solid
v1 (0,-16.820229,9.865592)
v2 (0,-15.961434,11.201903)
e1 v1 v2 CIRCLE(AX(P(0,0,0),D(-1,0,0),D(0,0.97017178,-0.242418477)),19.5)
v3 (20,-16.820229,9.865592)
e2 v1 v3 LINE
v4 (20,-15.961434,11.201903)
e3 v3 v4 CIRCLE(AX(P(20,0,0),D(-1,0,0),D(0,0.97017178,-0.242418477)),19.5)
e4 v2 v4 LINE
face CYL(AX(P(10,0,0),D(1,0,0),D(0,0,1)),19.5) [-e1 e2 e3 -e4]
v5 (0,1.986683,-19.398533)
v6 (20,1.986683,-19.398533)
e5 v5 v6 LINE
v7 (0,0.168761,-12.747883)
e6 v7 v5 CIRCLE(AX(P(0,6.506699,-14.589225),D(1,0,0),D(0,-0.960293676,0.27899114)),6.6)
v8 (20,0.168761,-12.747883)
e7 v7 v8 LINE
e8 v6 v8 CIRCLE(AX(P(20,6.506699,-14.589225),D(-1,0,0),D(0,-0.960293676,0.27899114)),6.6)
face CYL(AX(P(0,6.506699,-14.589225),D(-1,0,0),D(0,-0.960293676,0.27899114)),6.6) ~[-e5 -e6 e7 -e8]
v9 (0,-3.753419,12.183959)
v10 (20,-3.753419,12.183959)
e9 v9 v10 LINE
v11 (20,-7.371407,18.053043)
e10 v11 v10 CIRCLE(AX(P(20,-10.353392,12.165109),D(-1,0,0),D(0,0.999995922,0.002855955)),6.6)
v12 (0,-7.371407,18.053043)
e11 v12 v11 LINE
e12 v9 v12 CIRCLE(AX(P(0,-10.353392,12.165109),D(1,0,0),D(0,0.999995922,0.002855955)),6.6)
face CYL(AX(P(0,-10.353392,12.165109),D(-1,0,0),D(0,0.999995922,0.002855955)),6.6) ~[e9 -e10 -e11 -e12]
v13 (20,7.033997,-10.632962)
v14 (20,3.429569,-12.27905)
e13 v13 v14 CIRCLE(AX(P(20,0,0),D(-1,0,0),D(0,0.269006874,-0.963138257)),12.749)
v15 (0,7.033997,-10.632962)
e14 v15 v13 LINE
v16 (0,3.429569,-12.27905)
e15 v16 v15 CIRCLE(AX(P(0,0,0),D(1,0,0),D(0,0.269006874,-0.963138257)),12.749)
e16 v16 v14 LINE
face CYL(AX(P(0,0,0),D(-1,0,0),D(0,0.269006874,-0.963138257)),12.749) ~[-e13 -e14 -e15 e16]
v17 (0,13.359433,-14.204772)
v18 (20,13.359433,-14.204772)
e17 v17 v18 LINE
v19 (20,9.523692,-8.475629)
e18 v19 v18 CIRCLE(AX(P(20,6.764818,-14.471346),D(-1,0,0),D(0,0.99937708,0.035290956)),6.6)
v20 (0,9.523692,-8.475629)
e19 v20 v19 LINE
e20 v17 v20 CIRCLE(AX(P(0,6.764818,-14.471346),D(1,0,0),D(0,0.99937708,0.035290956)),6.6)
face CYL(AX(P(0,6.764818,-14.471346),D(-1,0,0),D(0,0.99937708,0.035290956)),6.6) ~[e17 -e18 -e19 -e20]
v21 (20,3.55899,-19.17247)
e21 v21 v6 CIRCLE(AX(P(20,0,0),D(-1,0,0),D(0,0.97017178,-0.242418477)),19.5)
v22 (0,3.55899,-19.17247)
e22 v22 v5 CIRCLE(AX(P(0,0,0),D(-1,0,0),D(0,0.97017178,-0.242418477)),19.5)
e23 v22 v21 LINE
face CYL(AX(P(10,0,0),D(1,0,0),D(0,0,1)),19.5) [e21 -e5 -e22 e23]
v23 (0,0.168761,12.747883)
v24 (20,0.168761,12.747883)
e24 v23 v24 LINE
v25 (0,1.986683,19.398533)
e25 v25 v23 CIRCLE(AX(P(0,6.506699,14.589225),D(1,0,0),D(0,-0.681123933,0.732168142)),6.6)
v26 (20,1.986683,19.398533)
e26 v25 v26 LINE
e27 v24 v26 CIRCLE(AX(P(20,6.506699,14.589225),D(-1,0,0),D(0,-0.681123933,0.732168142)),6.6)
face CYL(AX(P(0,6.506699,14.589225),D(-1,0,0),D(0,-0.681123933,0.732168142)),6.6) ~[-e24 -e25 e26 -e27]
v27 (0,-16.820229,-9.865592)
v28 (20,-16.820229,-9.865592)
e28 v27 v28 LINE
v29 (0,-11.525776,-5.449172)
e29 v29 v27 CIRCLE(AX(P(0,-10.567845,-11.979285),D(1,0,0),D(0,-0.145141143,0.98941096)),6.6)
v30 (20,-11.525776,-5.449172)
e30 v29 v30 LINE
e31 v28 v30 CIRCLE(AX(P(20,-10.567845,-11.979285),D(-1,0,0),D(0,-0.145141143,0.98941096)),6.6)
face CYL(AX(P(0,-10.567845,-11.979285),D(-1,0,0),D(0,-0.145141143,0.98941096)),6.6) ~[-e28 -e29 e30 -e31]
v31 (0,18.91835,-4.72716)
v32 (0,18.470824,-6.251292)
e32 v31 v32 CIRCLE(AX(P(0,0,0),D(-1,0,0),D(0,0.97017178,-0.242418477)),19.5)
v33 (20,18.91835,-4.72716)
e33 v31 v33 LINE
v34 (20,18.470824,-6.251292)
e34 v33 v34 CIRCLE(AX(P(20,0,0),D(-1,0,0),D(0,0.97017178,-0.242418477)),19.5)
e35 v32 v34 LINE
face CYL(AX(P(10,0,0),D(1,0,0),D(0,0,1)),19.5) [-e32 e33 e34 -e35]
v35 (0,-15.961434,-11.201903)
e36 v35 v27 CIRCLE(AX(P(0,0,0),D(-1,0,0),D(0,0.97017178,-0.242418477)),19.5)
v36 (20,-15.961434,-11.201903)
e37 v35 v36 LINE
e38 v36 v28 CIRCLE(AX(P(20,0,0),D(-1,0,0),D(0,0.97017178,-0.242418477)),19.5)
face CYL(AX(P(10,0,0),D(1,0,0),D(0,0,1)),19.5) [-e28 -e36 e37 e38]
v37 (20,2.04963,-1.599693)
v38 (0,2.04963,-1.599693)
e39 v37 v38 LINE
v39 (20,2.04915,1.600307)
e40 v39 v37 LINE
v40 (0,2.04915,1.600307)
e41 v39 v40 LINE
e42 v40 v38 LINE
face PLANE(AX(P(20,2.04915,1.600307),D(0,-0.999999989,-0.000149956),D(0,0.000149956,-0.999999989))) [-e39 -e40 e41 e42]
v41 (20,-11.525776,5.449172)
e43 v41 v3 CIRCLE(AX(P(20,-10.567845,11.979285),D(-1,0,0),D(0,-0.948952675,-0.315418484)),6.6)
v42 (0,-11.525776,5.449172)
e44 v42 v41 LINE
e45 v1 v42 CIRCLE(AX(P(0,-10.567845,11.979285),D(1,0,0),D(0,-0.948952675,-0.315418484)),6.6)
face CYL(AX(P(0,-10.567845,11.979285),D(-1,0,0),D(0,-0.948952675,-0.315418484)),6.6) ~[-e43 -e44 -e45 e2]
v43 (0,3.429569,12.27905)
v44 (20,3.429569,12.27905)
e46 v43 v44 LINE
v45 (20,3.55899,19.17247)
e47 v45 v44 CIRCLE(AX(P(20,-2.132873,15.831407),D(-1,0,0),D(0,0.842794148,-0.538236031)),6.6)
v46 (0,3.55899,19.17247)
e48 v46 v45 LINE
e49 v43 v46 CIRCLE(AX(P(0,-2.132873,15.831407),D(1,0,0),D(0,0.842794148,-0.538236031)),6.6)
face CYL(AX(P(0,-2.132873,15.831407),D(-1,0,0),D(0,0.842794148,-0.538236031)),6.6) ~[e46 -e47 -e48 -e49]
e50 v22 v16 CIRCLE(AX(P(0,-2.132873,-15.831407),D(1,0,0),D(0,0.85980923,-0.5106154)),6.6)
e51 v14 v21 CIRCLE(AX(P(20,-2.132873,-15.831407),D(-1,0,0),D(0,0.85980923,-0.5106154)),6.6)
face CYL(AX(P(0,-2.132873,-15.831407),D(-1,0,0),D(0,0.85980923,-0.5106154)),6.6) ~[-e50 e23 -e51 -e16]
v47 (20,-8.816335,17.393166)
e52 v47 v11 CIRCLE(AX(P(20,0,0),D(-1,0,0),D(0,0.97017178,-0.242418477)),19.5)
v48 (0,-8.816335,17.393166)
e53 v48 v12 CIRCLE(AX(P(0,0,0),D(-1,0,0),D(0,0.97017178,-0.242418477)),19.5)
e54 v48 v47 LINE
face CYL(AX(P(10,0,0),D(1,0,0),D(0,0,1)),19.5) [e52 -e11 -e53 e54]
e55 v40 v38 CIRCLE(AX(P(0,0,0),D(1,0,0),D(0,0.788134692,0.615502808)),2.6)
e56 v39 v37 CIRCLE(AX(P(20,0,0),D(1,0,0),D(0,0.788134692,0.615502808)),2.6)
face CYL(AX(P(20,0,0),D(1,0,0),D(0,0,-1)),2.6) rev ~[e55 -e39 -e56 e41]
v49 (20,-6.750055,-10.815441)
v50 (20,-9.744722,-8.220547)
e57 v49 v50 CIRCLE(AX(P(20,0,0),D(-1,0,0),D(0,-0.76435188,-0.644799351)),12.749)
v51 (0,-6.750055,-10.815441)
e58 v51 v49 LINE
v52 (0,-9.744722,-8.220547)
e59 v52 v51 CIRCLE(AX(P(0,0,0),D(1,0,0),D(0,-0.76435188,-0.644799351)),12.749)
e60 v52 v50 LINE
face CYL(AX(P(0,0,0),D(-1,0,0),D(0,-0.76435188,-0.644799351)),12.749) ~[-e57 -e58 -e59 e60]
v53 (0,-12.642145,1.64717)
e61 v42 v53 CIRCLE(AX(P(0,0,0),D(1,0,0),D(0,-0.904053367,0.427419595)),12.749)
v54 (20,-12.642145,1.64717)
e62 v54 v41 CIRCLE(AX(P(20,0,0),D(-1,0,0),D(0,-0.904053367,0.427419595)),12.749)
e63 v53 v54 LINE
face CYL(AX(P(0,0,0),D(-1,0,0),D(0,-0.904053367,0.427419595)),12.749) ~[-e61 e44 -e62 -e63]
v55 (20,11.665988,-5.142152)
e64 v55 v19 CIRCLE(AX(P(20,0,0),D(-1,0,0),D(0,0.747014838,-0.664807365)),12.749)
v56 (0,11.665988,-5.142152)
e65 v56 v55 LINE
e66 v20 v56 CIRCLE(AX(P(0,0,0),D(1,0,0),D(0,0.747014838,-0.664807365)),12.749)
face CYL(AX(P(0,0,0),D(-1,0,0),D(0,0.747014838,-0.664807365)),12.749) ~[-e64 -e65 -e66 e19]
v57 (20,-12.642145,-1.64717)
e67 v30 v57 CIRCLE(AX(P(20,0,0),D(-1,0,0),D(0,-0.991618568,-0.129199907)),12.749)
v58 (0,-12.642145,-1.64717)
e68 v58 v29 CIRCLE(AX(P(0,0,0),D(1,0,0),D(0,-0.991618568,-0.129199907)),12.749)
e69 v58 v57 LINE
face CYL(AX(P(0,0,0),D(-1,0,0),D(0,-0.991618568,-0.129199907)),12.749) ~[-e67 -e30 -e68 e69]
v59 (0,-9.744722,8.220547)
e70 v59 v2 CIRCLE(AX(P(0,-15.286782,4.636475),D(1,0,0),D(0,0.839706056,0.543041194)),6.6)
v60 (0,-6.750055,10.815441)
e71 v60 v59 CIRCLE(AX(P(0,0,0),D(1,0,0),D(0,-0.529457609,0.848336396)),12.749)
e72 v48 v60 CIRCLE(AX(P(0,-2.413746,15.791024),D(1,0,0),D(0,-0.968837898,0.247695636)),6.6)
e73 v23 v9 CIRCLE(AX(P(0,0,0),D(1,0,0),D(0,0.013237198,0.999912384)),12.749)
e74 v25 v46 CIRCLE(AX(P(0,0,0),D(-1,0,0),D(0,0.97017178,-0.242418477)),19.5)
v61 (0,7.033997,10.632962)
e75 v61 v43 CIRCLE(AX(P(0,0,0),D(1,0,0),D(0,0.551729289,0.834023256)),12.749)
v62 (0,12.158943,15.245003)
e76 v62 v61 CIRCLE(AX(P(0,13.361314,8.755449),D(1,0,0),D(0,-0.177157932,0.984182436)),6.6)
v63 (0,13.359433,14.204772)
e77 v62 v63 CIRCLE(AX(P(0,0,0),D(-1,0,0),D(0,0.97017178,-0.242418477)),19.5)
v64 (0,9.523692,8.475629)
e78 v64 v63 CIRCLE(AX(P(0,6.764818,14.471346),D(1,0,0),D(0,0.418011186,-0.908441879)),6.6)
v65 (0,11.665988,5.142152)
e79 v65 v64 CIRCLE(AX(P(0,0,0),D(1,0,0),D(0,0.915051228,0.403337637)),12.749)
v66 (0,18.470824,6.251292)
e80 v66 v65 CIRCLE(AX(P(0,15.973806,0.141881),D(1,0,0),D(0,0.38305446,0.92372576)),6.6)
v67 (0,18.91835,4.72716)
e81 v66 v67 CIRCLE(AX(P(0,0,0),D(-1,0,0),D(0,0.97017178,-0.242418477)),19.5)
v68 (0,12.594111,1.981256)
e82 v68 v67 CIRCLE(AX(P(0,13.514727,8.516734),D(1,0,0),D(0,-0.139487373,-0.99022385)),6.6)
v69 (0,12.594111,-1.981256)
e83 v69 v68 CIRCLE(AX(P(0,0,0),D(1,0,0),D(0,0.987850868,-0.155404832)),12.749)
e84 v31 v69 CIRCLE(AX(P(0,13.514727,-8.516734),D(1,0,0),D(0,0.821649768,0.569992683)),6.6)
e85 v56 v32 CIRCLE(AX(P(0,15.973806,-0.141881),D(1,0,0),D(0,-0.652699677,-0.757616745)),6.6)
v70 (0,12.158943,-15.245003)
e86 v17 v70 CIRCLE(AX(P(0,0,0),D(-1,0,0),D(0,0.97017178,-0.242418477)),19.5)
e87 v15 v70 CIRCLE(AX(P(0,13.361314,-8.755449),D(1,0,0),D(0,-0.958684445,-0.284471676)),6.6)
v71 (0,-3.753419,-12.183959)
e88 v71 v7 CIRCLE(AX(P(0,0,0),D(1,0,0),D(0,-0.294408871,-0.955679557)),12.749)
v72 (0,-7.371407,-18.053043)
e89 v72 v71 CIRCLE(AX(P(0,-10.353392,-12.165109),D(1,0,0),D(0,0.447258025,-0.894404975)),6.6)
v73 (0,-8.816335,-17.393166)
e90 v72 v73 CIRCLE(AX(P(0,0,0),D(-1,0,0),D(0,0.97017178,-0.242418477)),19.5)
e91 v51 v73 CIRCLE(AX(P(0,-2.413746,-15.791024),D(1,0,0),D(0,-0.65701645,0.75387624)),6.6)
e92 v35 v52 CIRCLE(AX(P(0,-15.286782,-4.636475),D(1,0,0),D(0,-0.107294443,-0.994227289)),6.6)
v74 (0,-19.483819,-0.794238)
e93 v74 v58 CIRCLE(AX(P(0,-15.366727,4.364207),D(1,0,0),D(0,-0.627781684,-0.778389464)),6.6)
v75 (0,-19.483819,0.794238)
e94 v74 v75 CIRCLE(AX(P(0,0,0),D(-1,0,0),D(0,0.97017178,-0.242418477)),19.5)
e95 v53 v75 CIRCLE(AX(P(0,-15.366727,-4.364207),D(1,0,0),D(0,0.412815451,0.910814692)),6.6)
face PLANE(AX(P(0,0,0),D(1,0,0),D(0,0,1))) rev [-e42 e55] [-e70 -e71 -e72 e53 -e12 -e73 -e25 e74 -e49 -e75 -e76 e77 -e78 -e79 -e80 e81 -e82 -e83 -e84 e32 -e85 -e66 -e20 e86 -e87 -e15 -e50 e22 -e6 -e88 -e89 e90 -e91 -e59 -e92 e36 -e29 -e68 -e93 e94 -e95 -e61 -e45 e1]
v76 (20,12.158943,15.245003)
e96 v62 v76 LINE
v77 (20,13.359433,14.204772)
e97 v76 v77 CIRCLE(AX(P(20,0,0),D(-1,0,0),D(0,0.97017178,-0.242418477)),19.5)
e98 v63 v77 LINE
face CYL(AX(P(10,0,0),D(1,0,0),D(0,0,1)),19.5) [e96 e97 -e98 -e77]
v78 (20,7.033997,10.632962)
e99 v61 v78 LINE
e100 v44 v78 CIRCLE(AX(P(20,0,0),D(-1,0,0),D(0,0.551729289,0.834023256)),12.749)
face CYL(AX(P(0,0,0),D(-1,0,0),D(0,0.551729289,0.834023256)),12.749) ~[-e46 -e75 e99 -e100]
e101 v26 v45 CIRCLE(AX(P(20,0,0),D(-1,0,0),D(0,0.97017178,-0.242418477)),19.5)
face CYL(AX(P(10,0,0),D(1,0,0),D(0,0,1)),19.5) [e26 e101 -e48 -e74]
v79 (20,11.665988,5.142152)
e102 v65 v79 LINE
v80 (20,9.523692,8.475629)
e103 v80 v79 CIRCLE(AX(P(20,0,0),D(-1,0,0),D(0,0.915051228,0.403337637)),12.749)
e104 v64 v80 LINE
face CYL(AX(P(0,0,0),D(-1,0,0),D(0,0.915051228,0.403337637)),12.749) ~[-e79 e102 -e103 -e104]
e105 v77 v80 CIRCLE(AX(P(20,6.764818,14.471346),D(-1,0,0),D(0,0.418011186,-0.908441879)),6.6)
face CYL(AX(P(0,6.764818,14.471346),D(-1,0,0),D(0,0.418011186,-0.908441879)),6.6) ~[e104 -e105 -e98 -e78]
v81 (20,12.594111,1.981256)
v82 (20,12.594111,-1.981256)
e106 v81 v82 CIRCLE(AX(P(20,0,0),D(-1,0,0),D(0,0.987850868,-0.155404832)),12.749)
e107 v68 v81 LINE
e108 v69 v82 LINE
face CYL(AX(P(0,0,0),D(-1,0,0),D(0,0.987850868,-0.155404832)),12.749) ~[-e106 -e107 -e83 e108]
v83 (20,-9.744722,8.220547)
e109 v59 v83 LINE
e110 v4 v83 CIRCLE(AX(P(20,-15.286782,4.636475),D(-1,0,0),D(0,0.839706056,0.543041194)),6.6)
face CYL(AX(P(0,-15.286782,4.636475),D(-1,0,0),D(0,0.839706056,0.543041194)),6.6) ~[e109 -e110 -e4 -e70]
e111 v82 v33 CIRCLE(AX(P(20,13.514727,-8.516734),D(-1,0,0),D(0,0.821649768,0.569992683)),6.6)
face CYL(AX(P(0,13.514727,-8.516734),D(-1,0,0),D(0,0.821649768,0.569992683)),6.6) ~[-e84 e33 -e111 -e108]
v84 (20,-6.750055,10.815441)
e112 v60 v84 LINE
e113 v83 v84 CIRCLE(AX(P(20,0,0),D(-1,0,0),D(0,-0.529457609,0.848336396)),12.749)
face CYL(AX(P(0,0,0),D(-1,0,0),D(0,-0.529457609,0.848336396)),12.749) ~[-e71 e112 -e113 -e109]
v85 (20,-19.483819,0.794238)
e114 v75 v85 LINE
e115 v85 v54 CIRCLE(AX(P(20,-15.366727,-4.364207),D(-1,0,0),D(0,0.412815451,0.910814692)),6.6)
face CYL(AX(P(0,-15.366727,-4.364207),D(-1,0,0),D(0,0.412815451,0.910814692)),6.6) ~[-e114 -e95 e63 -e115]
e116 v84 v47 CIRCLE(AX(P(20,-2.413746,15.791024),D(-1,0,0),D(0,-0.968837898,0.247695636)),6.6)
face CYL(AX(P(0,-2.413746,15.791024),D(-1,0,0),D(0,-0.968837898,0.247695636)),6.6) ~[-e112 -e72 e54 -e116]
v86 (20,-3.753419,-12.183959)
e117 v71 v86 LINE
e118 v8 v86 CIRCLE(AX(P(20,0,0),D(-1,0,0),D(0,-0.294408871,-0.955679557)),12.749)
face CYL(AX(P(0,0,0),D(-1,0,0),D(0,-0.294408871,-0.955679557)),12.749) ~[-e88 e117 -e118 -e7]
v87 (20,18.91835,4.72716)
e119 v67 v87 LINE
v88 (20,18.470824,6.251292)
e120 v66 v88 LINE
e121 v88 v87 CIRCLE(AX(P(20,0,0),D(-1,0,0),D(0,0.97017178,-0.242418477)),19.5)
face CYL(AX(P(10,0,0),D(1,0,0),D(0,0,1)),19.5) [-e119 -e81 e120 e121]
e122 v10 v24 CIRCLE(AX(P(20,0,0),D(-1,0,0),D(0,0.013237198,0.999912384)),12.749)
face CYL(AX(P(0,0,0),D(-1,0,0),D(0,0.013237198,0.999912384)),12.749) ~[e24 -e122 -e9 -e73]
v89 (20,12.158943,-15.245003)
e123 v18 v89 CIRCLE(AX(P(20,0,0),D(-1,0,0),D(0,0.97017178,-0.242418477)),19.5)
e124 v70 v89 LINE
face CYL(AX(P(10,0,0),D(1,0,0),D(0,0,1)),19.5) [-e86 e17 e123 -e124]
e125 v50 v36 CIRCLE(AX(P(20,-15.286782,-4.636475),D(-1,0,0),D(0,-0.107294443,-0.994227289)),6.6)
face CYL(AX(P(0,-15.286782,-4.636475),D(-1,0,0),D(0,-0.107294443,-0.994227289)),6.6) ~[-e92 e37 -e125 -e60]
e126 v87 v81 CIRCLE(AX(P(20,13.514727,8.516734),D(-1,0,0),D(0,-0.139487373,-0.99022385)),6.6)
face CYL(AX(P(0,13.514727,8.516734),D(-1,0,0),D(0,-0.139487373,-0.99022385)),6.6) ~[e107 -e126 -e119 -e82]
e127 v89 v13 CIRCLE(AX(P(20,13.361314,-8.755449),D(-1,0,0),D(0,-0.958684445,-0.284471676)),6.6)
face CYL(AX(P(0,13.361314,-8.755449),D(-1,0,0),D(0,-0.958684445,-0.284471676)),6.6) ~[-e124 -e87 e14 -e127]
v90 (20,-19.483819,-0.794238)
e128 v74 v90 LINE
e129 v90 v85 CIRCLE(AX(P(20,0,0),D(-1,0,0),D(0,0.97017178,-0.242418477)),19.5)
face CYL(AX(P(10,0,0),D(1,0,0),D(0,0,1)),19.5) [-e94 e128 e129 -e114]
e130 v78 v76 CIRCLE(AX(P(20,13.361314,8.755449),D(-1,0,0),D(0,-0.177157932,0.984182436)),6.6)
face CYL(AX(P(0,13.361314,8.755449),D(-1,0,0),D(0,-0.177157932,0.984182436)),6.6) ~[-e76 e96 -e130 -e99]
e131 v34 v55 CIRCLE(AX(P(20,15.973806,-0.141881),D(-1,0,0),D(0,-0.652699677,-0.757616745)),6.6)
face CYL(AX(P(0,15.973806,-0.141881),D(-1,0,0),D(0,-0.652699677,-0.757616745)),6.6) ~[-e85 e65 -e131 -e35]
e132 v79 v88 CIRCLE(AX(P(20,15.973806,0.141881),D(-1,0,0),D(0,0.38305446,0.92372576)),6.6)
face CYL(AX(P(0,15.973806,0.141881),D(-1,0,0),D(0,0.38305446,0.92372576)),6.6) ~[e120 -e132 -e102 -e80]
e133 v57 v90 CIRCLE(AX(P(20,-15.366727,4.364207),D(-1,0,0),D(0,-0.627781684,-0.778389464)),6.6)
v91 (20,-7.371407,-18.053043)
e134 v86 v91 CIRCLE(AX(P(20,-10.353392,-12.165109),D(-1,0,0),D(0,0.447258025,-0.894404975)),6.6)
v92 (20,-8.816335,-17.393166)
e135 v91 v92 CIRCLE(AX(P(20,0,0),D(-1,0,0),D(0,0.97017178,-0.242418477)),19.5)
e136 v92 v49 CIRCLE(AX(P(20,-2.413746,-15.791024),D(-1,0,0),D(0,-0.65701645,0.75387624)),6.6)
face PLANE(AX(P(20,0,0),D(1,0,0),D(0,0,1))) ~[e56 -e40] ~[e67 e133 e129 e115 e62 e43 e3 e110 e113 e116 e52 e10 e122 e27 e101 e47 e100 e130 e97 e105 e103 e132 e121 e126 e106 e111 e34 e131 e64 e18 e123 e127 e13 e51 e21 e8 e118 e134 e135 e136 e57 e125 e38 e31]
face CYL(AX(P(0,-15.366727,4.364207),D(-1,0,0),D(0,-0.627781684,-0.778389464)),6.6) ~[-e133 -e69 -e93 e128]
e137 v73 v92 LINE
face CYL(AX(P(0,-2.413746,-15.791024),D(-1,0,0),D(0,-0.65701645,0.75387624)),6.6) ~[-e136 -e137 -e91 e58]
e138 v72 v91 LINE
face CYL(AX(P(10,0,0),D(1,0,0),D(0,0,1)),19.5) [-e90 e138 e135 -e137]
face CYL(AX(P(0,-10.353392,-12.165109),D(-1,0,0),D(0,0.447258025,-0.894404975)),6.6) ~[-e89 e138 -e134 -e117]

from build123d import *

# Parameters (mm, degrees)
BASPROSKE_W         = 20
BASPROSKE_H         = 19.5
TOOTHCUT_DEPTH      = 35.066112194
TEETHCUTS_COUNT     = 11
BORSKE_R            = 2.5
BORE_DEPTH          = 50.0000508
SKETCH1_R           = 2.6
CUT_EXTRUDE1_DEPTH  = 35.008132728
BOSS_EXTRUDE1_DEPTH = 20


with BuildPart() as part:
    # BasProSke → Base-Revolve (revolve)
    with BuildSketch(Plane(origin=(0, 0, 0), x_dir=(1, 0, 0), z_dir=(0, 1, 0)), mode=Mode.PRIVATE) as base_revolve_sk:
        with Locations((10, 9.75)):
            Rectangle(BASPROSKE_W, BASPROSKE_H)
    revolve(base_revolve_sk.sketch.rotate(Axis((-10, 0, 0), (1, 0, 0)), 180), axis=Axis((-10, 0, 0), (1, 0, 0)))

    # TooCutSke → ToothCut (cut, through all)
    with BuildSketch(Plane(origin=(0, 0, 0), x_dir=(0, 0, -1), z_dir=(1, 0, 0))):
        with BuildLine():
            ThreePointArc((1.981256207, 12.594110721), (0, 12.749), (-1.981256207, 12.594110721))
            ThreePointArc((-1.981256207, 12.594110721), (-2.46948003, 16.158725125), (-4.75478191, 18.937615852))
            ThreePointArc((-4.75478191, 18.937615852), (0, 19.5254), (4.75478191, 18.937615852))
            ThreePointArc((4.75478191, 18.937615852), (2.46948003, 16.158725125), (1.981256207, 12.594110721))
        make_face()
    toothcut = extrude(amount=TOOTHCUT_DEPTH, mode=Mode.SUBTRACT)

    # TeethCuts: ToothCut ×11 about axis
    teethcuts_axis = Axis((0, 0, 0), (1, 0, 0))
    for i in range(1, TEETHCUTS_COUNT):
        add(toothcut.rotate(teethcuts_axis, i * 360 / TEETHCUTS_COUNT), mode=Mode.SUBTRACT)

    # BorSke → Bore (cut, symmetric)
    with BuildSketch(Plane(origin=(0, 0, 0), x_dir=(0, 0, -1), z_dir=(1, 0, 0))):
        with Locations(Location((0, 0, 0), (0, 0, 180))):
            Circle(BORSKE_R)
    extrude(amount=BORE_DEPTH, both=True, mode=Mode.SUBTRACT)

    # Sketch1 → Cut-Extrude1 (cut, through all)
    with BuildSketch(Plane(origin=(20, 0, 0), x_dir=(0, 0, -1), z_dir=(1, 0, 0))):
        Circle(SKETCH1_R)
    extrude(amount=-CUT_EXTRUDE1_DEPTH, mode=Mode.SUBTRACT)

    # Sketch2 → Boss-Extrude1 (add, through all)
    with BuildSketch(Plane(origin=(20, 0, 0), x_dir=(0, 0, -1), z_dir=(1, 0, 0))):
        with BuildLine():
            Line((-1.600307301, 2.0491502), (1.599692663, 2.04963006))
            ThreePointArc((1.599692663, 2.04963006), (-0.000389886, 2.599999971), (-1.600307301, 2.0491502))
        make_face()
    extrude(amount=-BOSS_EXTRUDE1_DEPTH)


solid = part.part
